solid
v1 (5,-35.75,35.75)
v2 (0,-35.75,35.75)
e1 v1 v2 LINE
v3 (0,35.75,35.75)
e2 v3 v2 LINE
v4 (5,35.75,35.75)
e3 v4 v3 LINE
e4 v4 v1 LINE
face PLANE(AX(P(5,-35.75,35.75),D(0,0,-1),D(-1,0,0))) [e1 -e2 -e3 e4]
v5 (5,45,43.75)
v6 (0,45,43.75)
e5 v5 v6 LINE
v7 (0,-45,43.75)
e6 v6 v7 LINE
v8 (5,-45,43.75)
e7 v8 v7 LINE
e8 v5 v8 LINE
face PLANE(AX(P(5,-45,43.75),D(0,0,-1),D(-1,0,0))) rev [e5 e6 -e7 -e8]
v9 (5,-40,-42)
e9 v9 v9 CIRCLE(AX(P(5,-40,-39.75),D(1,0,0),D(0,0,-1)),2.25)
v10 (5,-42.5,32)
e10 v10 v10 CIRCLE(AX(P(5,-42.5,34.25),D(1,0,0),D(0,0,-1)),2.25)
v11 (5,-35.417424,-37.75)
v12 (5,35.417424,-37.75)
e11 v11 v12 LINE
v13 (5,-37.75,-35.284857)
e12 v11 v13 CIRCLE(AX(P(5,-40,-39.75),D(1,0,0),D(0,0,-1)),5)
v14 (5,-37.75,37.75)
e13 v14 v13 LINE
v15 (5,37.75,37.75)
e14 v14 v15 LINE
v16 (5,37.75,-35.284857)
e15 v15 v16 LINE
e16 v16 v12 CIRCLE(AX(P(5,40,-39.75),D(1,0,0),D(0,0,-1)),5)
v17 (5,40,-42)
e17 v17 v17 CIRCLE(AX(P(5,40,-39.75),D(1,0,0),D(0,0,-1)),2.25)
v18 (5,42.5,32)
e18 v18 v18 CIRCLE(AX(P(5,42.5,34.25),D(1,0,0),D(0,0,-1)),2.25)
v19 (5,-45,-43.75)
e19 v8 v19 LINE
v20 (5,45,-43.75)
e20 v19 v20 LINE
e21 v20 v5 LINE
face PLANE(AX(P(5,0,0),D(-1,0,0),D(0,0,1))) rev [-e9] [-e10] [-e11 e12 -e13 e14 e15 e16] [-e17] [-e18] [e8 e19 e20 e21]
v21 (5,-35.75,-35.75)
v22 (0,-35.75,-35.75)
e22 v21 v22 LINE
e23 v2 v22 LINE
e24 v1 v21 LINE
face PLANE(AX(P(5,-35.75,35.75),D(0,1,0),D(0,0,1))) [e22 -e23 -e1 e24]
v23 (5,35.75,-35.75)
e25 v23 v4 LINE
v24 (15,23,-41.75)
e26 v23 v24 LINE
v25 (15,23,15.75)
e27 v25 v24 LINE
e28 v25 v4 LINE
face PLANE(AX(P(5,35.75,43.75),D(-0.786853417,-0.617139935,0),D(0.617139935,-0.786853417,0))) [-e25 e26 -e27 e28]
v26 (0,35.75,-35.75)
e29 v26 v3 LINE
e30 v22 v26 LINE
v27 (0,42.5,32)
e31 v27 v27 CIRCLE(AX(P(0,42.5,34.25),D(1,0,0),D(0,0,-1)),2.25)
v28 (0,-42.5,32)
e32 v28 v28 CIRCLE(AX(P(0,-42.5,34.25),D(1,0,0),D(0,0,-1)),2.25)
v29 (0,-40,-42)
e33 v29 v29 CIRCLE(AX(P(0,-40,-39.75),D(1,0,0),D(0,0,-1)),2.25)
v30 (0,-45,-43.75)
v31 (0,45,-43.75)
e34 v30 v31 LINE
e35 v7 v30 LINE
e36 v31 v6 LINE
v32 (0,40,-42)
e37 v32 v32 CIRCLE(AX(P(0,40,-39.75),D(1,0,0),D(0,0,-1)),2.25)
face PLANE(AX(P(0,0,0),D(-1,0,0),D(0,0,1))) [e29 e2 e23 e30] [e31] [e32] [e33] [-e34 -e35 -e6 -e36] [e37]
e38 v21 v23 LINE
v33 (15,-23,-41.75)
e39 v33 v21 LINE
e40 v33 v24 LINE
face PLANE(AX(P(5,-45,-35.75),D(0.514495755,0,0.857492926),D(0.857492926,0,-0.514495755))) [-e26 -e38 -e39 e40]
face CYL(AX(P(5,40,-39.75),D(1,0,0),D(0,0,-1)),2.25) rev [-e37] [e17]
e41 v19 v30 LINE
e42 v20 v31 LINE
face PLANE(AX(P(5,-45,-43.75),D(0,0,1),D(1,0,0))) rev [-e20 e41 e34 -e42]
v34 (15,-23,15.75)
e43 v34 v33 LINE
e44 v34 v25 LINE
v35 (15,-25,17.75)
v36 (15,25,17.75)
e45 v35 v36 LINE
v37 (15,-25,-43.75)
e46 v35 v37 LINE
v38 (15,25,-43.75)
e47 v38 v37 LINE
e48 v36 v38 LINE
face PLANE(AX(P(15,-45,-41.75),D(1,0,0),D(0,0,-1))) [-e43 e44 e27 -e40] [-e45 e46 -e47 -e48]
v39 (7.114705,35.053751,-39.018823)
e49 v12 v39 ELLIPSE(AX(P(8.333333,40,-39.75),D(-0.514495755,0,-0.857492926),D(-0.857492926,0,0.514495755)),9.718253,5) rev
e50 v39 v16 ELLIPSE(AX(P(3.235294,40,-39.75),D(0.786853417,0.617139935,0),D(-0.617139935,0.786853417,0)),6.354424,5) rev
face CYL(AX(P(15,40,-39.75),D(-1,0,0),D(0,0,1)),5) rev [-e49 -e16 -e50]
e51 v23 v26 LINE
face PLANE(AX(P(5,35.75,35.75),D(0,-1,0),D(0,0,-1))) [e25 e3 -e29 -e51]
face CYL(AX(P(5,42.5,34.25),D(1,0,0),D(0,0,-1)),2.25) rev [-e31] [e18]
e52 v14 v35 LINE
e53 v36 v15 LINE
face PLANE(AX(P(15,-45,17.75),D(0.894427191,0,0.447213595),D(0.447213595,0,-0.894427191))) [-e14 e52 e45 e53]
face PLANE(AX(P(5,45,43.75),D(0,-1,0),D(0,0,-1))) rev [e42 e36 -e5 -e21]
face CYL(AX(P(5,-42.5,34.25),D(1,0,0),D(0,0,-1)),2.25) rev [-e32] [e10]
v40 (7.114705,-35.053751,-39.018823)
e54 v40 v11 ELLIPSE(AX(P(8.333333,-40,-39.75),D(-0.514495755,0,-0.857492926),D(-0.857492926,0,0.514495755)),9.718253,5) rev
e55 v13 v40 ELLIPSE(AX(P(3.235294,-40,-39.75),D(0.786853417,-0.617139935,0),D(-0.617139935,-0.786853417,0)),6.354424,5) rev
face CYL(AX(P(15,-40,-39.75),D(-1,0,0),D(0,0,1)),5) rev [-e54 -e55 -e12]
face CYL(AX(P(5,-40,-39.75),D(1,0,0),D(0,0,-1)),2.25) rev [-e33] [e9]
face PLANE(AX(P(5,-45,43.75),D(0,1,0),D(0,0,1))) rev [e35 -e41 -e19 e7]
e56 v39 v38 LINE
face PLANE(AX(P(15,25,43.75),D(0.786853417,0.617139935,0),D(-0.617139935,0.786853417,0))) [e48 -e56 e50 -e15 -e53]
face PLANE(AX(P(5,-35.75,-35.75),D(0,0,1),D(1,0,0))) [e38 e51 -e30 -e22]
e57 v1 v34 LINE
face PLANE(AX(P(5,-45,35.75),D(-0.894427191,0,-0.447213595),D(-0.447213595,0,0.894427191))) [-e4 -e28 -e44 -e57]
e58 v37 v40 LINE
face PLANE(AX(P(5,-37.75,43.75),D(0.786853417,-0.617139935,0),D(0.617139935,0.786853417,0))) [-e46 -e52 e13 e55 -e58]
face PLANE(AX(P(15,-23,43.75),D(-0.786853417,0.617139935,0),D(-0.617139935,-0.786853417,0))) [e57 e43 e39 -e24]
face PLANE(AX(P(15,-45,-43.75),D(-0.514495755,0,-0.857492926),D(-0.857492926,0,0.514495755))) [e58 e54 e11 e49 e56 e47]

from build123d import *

# Parameters (mm, degrees)
SKETCH1_W            = 87.5
SKETCH1_H            = 90
SKETCH1_W_2          = 71.5
SKETCH1_H_2          = 71.5
BOSS_EXTRUDE1_DEPTH  = 5
M4_CLEARANCE_HOLE1_D = 4.5
BOSS_EXTRUDE2_DEPTH  = 90
BOSS_EXTRUDE3_DEPTH  = 87.5
CUT_EXTRUDE1_START   = -81.5
CUT_EXTRUDE1_DEPTH   = 81.5
CUT_EXTRUDE2_START   = -82.75
CUT_EXTRUDE2_DEPTH   = 75.5
SKETCH8_R            = 5
CUT_EXTRUDE3_DEPTH   = 10


with BuildPart() as part:
    # Sketch1 → Boss-Extrude1 (new body)
    with BuildSketch(Plane(origin=(0, 0, 0), x_dir=(0, 0, -1), z_dir=(1, 0, 0))):
        Rectangle(SKETCH1_W, SKETCH1_H)
        Rectangle(SKETCH1_W_2, SKETCH1_H_2, mode=Mode.SUBTRACT)
    extrude(amount=BOSS_EXTRUDE1_DEPTH)

    # M4 Clearance Hole1 (through all)
    with Locations(Plane(origin=(5, 0, 0), x_dir=(0, 0, -1), z_dir=(1, 0, 0))):
        with Locations((-34.25, 42.5), (39.75, 40)):
            m4_clearance_hole1 = Hole(M4_CLEARANCE_HOLE1_D / 2)

    # Mirror1: M4 Clearance Hole1 across plane
    add(m4_clearance_hole1.mirror(Plane.ZX), mode=Mode.SUBTRACT)

    # Sketch4 → Boss-Extrude2 (add)
    with BuildSketch(Plane(origin=(0, 45, 0), x_dir=(1, 0, 0), z_dir=(0, 1, 0))):
        Polygon((5, 35.75), (15, 41.75), (15, 43.75), (5, 37.75), align=None)
        Polygon((5, -35.75), (15, -15.75), (15, -17.75), (5, -37.75), align=None)
    extrude(amount=-BOSS_EXTRUDE2_DEPTH)

    # Sketch5 → Boss-Extrude3 (add)
    with BuildSketch(Plane(origin=(0, 0, -43.75), x_dir=(-1, 0, 0), z_dir=(0, 0, -1))):
        Polygon((-5, 35.75), (-15, 23), (-15, 25), (-5, 37.75), align=None)
        Polygon((-5, -37.75), (-15, -25), (-15, -23), (-5, -35.75), align=None)
    extrude(amount=-BOSS_EXTRUDE3_DEPTH)

    # Sketch6 → Cut-Extrude1 (cut)
    with BuildSketch(Plane(origin=(0, 0, -43.75), x_dir=(-1, 0, 0), z_dir=(0, 0, -1)).offset(CUT_EXTRUDE1_START)):
        Polygon((-5, 45), (-15, 45), (-15, 25), (-5, 37.75), align=None)
        Polygon((-15, -25), (-15, -45), (-5, -45), (-5, -37.75), align=None)
    extrude(amount=CUT_EXTRUDE1_DEPTH, mode=Mode.SUBTRACT)

    # Sketch7 → Cut-Extrude2 (cut)
    with BuildSketch(Plane(origin=(0, 45, 0), x_dir=(1, 0, 0), z_dir=(0, 1, 0)).offset(CUT_EXTRUDE2_START)):
        Polygon((5, -43.75), (15, -43.75), (15, -17.75), (5, -37.75), align=None)
        Polygon((5, 43.75), (15, 43.75), (5, 37.75), align=None)
    extrude(amount=CUT_EXTRUDE2_DEPTH, mode=Mode.SUBTRACT)

    # Sketch8 → Cut-Extrude3 (cut)
    with BuildSketch(Plane(origin=(5, 0, 0), x_dir=(0, 0, -1), z_dir=(1, 0, 0))):
        with Locations((39.75, 40)):
            Circle(SKETCH8_R)
        with Locations((39.75, -40)):
            Circle(SKETCH8_R)
    extrude(amount=CUT_EXTRUDE3_DEPTH, mode=Mode.SUBTRACT)


solid = part.part
